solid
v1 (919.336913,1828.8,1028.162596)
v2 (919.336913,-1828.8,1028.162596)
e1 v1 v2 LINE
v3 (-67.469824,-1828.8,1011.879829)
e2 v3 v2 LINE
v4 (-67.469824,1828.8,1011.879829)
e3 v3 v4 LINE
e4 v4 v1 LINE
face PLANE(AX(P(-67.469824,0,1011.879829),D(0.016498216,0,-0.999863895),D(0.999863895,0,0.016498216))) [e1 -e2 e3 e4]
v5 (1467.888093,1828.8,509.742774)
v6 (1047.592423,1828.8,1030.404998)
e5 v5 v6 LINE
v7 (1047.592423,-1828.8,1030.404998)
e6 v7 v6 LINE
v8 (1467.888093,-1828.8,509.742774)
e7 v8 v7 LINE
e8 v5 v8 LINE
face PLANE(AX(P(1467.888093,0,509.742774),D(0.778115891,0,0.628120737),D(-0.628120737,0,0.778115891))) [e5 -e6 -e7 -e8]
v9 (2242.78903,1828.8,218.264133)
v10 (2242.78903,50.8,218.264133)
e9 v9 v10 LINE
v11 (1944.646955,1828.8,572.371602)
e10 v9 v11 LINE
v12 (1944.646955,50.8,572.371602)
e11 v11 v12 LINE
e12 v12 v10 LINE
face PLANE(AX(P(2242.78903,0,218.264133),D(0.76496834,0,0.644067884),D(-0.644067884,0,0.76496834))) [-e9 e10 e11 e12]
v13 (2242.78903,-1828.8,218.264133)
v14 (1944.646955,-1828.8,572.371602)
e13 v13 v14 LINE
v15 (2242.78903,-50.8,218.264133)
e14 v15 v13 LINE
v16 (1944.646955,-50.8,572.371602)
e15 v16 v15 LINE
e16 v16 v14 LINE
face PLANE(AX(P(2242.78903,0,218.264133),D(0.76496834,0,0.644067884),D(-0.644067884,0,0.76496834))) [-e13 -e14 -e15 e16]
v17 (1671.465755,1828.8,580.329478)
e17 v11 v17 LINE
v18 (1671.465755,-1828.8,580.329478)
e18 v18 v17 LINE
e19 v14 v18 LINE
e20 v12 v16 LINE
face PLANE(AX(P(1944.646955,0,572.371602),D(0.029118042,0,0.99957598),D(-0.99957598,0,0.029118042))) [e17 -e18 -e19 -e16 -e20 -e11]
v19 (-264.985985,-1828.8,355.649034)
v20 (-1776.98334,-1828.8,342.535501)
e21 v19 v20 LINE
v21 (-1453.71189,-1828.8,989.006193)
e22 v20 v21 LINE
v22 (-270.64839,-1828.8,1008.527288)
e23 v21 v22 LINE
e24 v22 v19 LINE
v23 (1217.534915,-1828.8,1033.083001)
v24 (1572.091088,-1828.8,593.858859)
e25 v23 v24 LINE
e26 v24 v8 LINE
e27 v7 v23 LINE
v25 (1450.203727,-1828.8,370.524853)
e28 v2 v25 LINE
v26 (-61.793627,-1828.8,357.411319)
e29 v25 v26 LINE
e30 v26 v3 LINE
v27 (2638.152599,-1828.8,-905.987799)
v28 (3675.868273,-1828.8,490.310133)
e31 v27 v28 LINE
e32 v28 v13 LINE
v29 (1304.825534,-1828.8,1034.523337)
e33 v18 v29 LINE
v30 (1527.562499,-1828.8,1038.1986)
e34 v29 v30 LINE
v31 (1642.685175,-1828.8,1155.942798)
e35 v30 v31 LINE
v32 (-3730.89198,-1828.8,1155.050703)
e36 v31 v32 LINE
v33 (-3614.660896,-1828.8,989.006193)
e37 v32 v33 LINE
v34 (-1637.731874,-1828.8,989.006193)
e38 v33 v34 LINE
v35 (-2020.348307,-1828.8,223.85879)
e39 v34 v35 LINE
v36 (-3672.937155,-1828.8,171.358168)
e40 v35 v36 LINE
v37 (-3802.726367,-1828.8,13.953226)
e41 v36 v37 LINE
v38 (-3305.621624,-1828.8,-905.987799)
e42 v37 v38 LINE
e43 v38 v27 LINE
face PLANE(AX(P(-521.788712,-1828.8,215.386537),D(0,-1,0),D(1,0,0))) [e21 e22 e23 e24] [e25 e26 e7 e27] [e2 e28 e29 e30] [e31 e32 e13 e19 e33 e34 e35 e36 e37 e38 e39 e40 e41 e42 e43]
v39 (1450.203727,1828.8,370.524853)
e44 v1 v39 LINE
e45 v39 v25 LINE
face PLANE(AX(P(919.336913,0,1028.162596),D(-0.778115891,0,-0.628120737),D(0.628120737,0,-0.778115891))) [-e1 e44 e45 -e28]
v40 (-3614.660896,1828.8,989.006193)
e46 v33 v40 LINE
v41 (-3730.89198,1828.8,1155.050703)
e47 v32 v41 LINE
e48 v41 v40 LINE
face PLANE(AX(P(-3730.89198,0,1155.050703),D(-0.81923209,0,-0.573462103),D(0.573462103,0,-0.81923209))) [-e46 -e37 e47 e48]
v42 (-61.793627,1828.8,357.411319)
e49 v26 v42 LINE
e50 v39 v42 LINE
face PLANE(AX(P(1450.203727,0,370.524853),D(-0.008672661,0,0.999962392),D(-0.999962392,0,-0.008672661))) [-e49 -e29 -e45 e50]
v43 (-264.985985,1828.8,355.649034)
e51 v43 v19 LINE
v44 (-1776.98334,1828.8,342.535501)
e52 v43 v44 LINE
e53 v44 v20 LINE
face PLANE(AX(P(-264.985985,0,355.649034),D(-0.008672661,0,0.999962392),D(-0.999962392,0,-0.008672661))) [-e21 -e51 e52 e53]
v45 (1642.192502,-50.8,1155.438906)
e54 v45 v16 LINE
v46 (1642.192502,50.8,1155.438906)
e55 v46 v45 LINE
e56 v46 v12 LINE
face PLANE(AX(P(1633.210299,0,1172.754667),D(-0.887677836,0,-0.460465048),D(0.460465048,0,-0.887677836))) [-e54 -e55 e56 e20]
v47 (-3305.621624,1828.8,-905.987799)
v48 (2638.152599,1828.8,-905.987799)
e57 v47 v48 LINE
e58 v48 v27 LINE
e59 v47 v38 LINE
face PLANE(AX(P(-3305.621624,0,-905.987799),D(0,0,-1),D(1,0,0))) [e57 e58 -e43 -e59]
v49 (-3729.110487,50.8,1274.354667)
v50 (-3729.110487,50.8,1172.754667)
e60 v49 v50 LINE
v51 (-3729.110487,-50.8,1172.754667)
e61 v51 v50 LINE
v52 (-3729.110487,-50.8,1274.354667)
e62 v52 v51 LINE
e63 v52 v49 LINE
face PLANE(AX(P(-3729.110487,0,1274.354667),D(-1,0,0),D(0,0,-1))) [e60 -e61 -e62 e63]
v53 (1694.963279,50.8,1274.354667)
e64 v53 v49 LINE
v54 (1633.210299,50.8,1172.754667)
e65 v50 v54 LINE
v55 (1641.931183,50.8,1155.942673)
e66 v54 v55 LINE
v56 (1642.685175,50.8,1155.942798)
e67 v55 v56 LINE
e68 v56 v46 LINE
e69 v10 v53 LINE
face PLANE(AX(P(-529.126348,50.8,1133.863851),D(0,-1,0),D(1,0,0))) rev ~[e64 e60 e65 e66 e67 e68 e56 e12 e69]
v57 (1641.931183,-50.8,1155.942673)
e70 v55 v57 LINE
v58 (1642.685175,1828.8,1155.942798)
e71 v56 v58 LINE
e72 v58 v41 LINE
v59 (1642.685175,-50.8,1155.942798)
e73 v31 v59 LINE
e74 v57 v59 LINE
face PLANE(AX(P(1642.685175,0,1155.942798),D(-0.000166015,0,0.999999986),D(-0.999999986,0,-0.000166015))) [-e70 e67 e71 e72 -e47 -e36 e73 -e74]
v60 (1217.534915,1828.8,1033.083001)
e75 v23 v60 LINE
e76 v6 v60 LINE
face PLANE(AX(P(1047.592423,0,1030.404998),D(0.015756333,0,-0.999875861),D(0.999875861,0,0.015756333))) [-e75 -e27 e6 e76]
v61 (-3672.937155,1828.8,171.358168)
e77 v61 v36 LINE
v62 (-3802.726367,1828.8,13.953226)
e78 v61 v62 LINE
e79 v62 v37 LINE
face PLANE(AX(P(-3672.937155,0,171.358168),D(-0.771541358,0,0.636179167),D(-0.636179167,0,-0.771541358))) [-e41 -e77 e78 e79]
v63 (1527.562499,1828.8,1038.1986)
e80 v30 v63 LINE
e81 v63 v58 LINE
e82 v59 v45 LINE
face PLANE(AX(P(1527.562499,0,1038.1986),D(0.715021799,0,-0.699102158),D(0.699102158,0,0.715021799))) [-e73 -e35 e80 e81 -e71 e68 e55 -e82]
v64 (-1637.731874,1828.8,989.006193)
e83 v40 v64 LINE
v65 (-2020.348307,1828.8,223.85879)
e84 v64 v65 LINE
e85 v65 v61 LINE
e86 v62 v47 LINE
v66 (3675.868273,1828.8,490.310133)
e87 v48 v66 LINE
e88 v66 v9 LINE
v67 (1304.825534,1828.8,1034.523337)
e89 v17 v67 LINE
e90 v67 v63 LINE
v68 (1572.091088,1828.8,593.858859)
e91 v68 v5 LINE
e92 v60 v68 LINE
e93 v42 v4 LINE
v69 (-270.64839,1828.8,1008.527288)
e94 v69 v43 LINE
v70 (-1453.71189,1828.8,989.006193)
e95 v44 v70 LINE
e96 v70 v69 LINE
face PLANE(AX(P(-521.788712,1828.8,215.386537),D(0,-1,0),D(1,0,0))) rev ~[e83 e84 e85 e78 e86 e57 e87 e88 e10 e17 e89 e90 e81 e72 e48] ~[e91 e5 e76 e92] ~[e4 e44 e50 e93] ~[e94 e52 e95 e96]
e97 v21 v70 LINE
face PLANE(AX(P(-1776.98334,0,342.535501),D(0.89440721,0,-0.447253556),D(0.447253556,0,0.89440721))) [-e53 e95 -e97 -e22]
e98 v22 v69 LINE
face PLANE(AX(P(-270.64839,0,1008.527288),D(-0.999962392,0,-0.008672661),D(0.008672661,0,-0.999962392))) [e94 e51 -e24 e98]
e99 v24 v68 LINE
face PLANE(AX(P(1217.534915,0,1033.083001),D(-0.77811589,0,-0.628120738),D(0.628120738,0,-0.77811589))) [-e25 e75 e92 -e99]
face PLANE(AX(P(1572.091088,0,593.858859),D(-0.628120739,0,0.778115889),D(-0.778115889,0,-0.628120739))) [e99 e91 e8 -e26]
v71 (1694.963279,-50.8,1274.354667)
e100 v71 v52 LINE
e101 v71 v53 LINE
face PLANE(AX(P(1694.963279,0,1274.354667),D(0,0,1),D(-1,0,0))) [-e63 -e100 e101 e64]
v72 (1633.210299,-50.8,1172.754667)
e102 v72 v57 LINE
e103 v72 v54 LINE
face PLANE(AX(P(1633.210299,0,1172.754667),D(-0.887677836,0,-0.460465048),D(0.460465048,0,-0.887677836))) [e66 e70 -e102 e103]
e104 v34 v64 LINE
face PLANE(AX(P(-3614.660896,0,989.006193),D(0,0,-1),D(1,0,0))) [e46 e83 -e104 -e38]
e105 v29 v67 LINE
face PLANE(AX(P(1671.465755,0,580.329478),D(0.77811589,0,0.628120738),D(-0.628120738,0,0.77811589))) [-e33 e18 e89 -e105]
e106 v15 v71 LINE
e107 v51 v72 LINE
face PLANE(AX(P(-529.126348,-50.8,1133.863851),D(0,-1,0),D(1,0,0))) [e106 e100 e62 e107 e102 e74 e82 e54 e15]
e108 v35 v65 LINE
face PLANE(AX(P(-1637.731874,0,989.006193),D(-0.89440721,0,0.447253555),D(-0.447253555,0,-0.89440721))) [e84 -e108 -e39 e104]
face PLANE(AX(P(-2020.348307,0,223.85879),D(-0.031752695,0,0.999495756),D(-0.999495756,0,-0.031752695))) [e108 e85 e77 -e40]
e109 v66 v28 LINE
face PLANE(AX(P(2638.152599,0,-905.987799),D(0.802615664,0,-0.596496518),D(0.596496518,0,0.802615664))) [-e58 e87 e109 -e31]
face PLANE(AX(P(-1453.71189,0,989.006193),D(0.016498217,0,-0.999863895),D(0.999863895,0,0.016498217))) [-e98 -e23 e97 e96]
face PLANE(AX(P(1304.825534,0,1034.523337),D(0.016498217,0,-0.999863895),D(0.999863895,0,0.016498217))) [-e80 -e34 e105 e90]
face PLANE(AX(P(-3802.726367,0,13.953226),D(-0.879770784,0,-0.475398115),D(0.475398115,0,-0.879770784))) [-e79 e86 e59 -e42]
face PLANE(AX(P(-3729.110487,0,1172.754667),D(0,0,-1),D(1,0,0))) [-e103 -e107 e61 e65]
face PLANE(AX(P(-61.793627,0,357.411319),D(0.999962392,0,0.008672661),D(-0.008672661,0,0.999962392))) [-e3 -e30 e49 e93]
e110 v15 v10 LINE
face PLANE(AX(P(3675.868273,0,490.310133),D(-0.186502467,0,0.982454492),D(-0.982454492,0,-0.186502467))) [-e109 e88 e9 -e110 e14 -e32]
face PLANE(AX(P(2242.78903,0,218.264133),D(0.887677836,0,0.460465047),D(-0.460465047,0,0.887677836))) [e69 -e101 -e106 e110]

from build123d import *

# Parameters (mm, degrees)
F1_DEPTH      = 1828.8
F3_DEPTH      = 50.8
F3_DEPTH_BACK = 50.8


with BuildPart() as f1:
    # F0 (on Front) → F1 (new body, symmetric)
    with BuildSketch(Plane.XZ):
        Polygon((-2020.348307, 223.85879), (-3672.937155, 171.358168), (-3802.726367, 13.953226), (-3305.621624, -905.987799), (2638.152599, -905.987799), (3675.868273, 490.310133), (2242.78903, 218.264133), (1944.646955, 572.371602), (1671.465755, 580.329478), (1304.825534, 1034.523337), (1527.562499, 1038.1986), (1642.685175, 1155.942798), (-3730.89198, 1155.050703), (-3614.660896, 989.006193), (-1637.731874, 989.006193), align=None)
        Polygon((-264.985985, 355.649034), (-1776.98334, 342.535501), (-1453.71189, 989.006193), (-270.64839, 1008.527288), align=None, mode=Mode.SUBTRACT)
        Polygon((919.336913, 1028.162596), (1450.203727, 370.524853), (-61.793627, 357.411319), (-67.469824, 1011.879829), align=None, mode=Mode.SUBTRACT)
        Polygon((1467.888093, 509.742774), (1047.592423, 1030.404998), (1217.534915, 1033.083001), (1572.091088, 593.858859), align=None, mode=Mode.SUBTRACT)
    extrude(amount=F1_DEPTH, both=True)

    # F2 (on Front) → F3 (join, two sides)
    with BuildSketch(Plane.XZ) as f3_sk:
        Polygon((1633.210299, 1172.754667), (1944.646955, 572.371602), (2242.78903, 218.264133), (1694.963279, 1274.354667), (-3729.110487, 1274.354667), (-3729.110487, 1172.754667), align=None)
    extrude(amount=F3_DEPTH)
    extrude(f3_sk.sketch, amount=-F3_DEPTH_BACK)


solid = f1.part
